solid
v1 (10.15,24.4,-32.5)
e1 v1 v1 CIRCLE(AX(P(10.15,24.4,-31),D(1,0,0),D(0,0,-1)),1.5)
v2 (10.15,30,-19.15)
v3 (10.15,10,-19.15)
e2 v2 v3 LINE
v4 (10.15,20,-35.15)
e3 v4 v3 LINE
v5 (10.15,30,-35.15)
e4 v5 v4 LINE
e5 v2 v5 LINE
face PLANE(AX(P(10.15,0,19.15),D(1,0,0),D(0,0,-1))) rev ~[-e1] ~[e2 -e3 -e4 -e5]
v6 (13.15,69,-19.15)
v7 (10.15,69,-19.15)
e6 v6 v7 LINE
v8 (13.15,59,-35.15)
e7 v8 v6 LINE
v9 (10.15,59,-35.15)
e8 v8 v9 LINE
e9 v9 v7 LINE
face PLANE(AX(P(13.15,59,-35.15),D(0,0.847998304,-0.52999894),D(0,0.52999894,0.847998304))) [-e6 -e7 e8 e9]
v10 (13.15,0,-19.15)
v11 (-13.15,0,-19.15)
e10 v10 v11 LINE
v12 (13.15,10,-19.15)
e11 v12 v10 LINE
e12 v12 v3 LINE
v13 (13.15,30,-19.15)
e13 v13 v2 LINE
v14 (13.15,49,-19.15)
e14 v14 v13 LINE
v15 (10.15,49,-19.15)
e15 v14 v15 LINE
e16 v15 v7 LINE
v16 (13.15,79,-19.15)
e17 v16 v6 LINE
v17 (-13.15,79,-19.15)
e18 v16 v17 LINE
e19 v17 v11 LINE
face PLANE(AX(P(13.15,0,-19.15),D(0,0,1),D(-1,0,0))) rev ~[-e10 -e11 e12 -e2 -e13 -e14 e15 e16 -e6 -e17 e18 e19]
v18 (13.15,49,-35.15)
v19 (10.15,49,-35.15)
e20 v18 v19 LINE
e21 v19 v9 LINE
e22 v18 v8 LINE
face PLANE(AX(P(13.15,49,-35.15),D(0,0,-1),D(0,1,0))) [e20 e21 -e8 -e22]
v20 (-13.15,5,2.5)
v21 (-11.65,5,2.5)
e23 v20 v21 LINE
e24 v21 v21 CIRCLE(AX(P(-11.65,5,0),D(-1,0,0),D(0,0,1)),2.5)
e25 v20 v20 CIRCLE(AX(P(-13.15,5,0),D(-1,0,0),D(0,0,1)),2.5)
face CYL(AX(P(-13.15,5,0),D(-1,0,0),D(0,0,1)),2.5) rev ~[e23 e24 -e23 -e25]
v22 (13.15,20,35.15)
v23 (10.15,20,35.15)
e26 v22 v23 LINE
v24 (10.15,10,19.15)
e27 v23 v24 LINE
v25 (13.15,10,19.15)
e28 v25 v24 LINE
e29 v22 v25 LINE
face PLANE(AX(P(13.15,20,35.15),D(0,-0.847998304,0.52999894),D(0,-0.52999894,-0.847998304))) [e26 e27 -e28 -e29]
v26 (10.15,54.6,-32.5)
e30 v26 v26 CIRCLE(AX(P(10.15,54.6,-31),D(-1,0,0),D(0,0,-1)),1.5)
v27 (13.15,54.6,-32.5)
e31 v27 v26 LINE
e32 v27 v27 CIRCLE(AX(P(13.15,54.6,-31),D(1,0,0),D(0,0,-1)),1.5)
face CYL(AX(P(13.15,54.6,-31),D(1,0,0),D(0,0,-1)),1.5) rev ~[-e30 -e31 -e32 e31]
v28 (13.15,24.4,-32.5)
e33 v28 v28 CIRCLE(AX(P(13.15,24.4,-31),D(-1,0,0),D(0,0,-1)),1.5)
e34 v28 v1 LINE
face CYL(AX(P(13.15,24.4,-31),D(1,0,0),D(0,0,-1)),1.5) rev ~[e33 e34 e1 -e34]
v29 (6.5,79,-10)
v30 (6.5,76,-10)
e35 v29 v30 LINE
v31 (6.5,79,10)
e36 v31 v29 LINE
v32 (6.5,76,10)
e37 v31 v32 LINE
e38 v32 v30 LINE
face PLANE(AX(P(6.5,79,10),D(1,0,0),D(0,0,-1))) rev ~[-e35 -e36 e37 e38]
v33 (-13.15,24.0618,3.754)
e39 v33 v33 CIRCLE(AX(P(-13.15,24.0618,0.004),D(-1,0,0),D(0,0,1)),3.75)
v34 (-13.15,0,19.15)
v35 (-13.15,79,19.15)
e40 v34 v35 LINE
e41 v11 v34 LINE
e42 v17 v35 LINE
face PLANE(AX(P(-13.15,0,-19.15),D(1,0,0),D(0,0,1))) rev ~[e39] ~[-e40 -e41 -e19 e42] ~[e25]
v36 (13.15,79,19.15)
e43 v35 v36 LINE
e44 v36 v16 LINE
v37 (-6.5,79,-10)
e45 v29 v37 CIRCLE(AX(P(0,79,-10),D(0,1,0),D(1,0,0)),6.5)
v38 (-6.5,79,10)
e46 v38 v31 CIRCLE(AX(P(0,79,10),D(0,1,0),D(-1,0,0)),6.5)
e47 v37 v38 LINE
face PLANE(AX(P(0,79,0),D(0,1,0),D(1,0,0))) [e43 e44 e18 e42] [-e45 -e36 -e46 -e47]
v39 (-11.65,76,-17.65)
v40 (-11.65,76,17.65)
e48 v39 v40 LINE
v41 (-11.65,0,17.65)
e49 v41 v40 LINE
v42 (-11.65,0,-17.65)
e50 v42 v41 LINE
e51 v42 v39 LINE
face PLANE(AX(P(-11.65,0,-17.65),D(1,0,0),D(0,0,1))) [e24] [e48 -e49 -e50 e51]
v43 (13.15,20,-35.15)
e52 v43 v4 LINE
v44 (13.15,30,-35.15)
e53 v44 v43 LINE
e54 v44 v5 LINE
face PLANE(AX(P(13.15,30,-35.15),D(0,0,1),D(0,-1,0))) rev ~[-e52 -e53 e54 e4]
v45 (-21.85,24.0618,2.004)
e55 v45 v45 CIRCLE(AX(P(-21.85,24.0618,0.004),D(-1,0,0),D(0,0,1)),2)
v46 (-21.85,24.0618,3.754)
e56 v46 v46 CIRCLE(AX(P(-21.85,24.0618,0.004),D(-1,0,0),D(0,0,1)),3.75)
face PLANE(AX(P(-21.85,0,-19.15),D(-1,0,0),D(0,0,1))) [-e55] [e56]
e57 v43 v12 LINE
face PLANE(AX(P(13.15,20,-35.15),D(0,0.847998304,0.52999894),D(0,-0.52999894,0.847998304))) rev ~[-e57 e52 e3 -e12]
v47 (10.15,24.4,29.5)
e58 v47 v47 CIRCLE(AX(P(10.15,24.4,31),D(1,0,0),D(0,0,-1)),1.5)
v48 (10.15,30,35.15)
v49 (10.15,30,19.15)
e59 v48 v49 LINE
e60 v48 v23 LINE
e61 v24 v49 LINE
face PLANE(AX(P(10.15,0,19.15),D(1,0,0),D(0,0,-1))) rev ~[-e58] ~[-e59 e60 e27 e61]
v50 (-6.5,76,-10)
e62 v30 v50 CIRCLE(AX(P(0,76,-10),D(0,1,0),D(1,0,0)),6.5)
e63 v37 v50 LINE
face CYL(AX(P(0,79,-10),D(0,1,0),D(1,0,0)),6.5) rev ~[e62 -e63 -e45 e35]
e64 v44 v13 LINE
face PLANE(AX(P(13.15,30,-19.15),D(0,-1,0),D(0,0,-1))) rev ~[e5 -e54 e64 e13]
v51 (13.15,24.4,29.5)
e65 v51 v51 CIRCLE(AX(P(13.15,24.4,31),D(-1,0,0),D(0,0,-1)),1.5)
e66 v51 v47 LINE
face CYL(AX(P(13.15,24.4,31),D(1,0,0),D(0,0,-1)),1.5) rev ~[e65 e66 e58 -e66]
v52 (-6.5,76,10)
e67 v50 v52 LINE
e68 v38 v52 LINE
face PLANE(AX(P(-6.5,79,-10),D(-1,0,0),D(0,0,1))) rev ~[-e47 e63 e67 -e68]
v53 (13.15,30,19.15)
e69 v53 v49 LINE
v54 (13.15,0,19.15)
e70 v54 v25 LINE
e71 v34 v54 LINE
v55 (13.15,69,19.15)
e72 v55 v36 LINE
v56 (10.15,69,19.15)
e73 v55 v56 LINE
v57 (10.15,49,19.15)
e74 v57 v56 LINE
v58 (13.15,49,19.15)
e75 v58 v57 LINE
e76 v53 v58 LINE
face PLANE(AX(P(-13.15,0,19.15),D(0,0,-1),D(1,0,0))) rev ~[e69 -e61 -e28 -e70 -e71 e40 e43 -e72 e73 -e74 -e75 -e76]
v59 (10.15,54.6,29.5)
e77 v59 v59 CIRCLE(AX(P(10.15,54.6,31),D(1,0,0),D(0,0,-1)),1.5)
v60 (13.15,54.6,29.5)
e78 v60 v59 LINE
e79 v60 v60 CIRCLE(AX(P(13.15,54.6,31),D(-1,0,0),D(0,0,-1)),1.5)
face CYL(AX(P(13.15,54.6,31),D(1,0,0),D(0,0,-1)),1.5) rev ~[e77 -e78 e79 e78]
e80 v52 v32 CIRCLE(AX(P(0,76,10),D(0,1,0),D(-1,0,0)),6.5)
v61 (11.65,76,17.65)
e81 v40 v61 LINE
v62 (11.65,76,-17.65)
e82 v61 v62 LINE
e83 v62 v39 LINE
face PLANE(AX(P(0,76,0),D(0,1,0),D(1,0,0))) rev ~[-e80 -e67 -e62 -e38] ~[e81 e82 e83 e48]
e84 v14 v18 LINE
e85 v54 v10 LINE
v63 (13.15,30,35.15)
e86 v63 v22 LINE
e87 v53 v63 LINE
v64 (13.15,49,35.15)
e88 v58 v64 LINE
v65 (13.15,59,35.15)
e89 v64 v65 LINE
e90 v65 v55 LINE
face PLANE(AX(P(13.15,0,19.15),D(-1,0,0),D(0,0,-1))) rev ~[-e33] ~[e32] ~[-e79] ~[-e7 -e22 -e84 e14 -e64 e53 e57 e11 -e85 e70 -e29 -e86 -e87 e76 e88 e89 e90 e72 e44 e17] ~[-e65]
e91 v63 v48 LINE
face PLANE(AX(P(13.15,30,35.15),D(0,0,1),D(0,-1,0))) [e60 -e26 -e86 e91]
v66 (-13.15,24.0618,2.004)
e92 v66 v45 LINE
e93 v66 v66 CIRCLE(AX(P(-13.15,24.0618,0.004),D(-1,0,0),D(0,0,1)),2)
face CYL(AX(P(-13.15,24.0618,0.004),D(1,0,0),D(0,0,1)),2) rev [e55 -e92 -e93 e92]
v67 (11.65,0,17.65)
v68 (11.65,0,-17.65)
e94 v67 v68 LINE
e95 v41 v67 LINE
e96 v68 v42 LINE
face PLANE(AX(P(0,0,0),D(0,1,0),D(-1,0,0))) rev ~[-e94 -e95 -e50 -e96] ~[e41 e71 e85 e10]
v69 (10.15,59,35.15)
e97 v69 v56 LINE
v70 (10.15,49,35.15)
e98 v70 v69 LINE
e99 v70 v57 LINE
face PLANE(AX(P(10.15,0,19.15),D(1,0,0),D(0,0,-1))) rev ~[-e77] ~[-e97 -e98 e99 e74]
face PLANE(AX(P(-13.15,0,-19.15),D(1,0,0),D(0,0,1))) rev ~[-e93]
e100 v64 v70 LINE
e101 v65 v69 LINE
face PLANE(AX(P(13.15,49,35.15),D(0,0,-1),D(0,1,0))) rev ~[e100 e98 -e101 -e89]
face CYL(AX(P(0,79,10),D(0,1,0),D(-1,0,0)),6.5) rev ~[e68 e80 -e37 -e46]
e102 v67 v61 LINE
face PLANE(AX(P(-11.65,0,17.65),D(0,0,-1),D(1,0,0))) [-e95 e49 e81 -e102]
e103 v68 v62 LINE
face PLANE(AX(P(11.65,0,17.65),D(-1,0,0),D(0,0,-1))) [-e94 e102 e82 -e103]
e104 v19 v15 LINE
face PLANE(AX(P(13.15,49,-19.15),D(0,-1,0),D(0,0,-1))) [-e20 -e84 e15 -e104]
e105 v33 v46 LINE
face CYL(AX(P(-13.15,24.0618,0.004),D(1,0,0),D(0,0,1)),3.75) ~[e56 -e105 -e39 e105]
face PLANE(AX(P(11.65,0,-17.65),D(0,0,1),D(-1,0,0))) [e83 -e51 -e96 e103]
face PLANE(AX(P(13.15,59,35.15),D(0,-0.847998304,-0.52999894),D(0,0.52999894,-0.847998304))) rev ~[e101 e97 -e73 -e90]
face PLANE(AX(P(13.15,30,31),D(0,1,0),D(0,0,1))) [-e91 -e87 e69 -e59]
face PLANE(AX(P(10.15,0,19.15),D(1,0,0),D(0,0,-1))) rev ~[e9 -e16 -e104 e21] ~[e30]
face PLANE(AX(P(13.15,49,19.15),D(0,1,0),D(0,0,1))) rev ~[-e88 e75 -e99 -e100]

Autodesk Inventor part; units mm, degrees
ref_plane "YZ Plane" through (0, 0, 0) normal (1, 0, 0) x (0, 1, 0)
ref_plane "XZ Plane" through (0, 0, 0) normal (0, 1, 0) x (-1, 0, 0)
ref_plane "XY Plane" through (0, 0, 0) normal (0, 0, 1) x (1, 0, 0)
sketch "Эскиз1" plane through (0, 0, 0) normal (0, 1, 0) x (-1, 0, 0)
  line L0 (11, 17) -> (-11, 17)
  line L1 (-11, 17) -> (-11, -17)
  line L2 (-11, -17) -> (11, -17)
  line L3 (11, -17) -> (11, 17)
  line L4 (11, 17) -> (-11, -17) construction
  line L5 (11.65, 17.65) -> (-11.65, 17.65)
  line L6 (-11.65, 17.65) -> (-11.65, -17.65)
  line L7 (-11.65, -17.65) -> (11.65, -17.65)
  line L8 (11.65, -17.65) -> (11.65, 17.65)
  line L9 (11.65, 17.65) -> (-11.65, -17.65) construction
  line L10 (13.15, 19.15) -> (-13.15, 19.15)
  line L11 (-13.15, 19.15) -> (-13.15, -19.15)
  line L12 (-13.15, -19.15) -> (13.15, -19.15)
  line L13 (13.15, -19.15) -> (13.15, 19.15)
  line L14 (13.15, 19.15) -> (-13.15, -19.15) construction
  point P0 (0, 0)
  point P1 (0, 0)
  point P2 (0, 0)
  dimension "d0" = 22
  dimension "d1" = 34
  dimension "d2" = 23.3
  dimension "d3" = 35.3
  dimension "d4" = 26.3
  dimension "d5" = 38.3
extrude "Выдавливание1" add sketch "Эскиз1" along normal blind 76 contours L13 L12 L11 L10
sketch "Эскиз2" plane through (0, 76, 0) normal (0, 1, 0) x (1, 0, 0)
  line L0 (11, 17) -> (-11, 17)
  line L1 (-11, 17) -> (-11, -17)
  line L2 (-11, -17) -> (11, -17)
  line L3 (11, -17) -> (11, 17)
  line L4 (11, 17) -> (-11, -17) construction
  line L5 (11.65, 17.65) -> (-11.65, 17.65)
  line L6 (-11.65, 17.65) -> (-11.65, -17.65)
  line L7 (-11.65, -17.65) -> (11.65, -17.65)
  line L8 (11.65, -17.65) -> (11.65, 17.65)
  line L9 (11.65, 17.65) -> (-11.65, -17.65) construction
  line L10 (13.15, 19.15) -> (-13.15, 19.15)
  line L11 (-13.15, 19.15) -> (-13.15, -19.15)
  line L12 (-13.15, -19.15) -> (13.15, -19.15)
  line L13 (13.15, -19.15) -> (13.15, 19.15)
  line L14 (13.15, 19.15) -> (-13.15, -19.15) construction
  point P0 (0, 0)
  point P1 (0, 0)
  point P2 (0, 0)
  dimension "d10" = 22
  dimension "d11" = 34
  dimension "d12" = 23.3
  dimension "d13" = 35.3
  dimension "d14" = 26.3
  dimension "d15" = 38.3
extrude "Выдавливание2" add sketch "Эскиз2" along normal blind 3 contours L3 L2 L1 L0 | L8 L7 L6 L5 | L13 L12 L11 L10
sketch "Эскиз3" plane through (0, 79, 0) normal (0, 1, 0) x (1, 0, 0)
  line L0 (0, 10) -> (0, -10) construction
  line L1 (-6.5, 10) -> (-6.5, -10)
  line L2 (6.5, -10) -> (6.5, 10)
  arc A0 (6.5, 10) -> (-6.5, 10) centre (0, 10) ccw
  arc A1 (-6.5, -10) -> (6.5, -10) centre (0, -10) ccw
  line L3 (13.15, -19.15) -> (13.15, 19.15) projected
  line L4 (13.15, 19.15) -> (-13.15, 19.15) projected
  point P0 (0, 0)
  point P1 (13.15, 0)
  dimension "d21" = 20
  dimension "d22" = 13
  dimension "d23" = 6.65
  dimension "d24" = 19.15
extrude "Выдавливание3" cut sketch "Эскиз3" against normal blind 3
sketch "Эскиз4" plane through (13.15, 0, 19.15) normal (1, 0, 0) x (0, 0, -1)
  line L0 (0, 0) -> (0, 79) projected
  line L1 (38.3, 0) -> (38.3, 79) projected
  line L2 (0, 79) -> (38.3, 79)
  line L3 (38.3, 79) -> (38.3, 0)
  line L4 (38.3, 0) -> (0, 0)
  line L5 (0, 0) -> (0, 79)
  circle A0 centre (50.15, 54.6) radius 1.5
  line L6 (50.15, 54.6) -> (-11.85, 54.6)
  line L7 (-11.85, 54.6) -> (-11.85, 24.4)
  line L8 (-11.85, 24.4) -> (50.15, 24.4)
  line L9 (50.15, 24.4) -> (50.15, 54.6)
  circle A1 centre (-11.85, 54.6) radius 1.5
  circle A2 centre (-11.85, 24.4) radius 1.5
  circle A3 centre (50.15, 24.4) radius 1.5
  line L10 (38.3, 79) -> (0, 79) projected
  line L11 (19.15, 79) -> (19.15, 0)
  line L12 (0, 39.5) -> (38.3, 39.5)
  line L13 (38.3, 39.5) -> (0, 39.5)
  circle A4 centre (-11.85, 24.4) radius 1.5
  line L14 (38.3, 49) -> (54.3, 49)
  line L15 (54.3, 49) -> (54.3, 59)
  line L16 (54.3, 59) -> (38.3, 69)
  line L17 (38.3, 30) -> (54.3, 30)
  line L18 (54.3, 30) -> (54.3, 20)
  line L19 (54.3, 20) -> (38.3, 10)
  line L20 (-16, 20) -> (0, 10)
  line L21 (-16, 30) -> (-16, 20)
  line L22 (0, 30) -> (-16, 30)
  line L23 (0, 49) -> (-16, 49)
  line L24 (-16, 49) -> (-16, 59)
  line L25 (-16, 59) -> (0, 69)
  point P0 (54.3, 54)
  point P1 (54.3, 25)
  point P2 (50.15, 30)
  point P3 (50.15, 49)
  point P4 (-11.85, 49)
  point P5 (-11.85, 30)
  dimension "d50" = 3
  dimension "d53" = 62
  dimension "d54" = 30.2
  dimension "d55" = 11.85
  dimension "d56" = 3
  dimension "d57" = 3
  dimension "d61" = 24.4
  dimension "d62" = 30
  dimension "d63" = 10
  dimension "d64" = 10
  dimension "d65" = 4.15
extrude "Выдавливание5" add sketch "Эскиз4" against normal blind 3 contours L20 L21 L22 L7 A2 L8 L0 | L8 A2 L7 L22 L0 | L1 L8 A3 L9 L17 L18 L19 | L1 L17 L9 A3 L8 | L23 L7 A1 L6 L0 | L23 L24 L25 L0 L6 A1 L7 | L6 A0 L9 L14 L1 | L1 L16 L15 L14 L9 A0 L6
sketch "Эскиз5" plane through (-13.15, 0, -19.15) normal (-1, 0, 0) x (0, 0, 1)
  circle A0 centre (19.15, 5) radius 2.5
  point P0 (19.15, 0)
  dimension "d69" = 5
extrude "Выдавливание6" cut sketch "Эскиз5" against normal blind 13.5
sketch "Эскиз6" plane through (-13.15, 0, -19.15) normal (-1, 0, 0) x (0, 0, 1)
  circle A0 centre (19.154, 24.0618) radius 1.65
  circle A1 centre (19.154, 24.0618) radius 2
  circle A2 centre (19.154, 24.0618) radius 3.75
  point P0 (19.15, 0)
  dimension "d72" = 3.3
  dimension "d73" = 4
  dimension "d74" = 7.5
extrude "Выдавливание7" add sketch "Эскиз6" along normal blind 8.7 contours A2
equation "\"d2\" = d0 + d6"
equation "\"d3\" = d1 + d6"
equation "\"d4\" = d6 + d0 + d7"
equation "\"d5\" = d6 + d1 + d7"
equation "\"d12\" = d10 + d16"
equation "\"d13\" = d11 + d16"
equation "\"d14\" = d16 + d10 + d17"
equation "\"d15\" = d16 + d11 + d17"
equation "\"d6\" = 1.3"
equation "\"d7\" = 3"
equation "\"d16\" = 1.3"
equation "\"d17\" = 3"
properties part number "akb_mount"
